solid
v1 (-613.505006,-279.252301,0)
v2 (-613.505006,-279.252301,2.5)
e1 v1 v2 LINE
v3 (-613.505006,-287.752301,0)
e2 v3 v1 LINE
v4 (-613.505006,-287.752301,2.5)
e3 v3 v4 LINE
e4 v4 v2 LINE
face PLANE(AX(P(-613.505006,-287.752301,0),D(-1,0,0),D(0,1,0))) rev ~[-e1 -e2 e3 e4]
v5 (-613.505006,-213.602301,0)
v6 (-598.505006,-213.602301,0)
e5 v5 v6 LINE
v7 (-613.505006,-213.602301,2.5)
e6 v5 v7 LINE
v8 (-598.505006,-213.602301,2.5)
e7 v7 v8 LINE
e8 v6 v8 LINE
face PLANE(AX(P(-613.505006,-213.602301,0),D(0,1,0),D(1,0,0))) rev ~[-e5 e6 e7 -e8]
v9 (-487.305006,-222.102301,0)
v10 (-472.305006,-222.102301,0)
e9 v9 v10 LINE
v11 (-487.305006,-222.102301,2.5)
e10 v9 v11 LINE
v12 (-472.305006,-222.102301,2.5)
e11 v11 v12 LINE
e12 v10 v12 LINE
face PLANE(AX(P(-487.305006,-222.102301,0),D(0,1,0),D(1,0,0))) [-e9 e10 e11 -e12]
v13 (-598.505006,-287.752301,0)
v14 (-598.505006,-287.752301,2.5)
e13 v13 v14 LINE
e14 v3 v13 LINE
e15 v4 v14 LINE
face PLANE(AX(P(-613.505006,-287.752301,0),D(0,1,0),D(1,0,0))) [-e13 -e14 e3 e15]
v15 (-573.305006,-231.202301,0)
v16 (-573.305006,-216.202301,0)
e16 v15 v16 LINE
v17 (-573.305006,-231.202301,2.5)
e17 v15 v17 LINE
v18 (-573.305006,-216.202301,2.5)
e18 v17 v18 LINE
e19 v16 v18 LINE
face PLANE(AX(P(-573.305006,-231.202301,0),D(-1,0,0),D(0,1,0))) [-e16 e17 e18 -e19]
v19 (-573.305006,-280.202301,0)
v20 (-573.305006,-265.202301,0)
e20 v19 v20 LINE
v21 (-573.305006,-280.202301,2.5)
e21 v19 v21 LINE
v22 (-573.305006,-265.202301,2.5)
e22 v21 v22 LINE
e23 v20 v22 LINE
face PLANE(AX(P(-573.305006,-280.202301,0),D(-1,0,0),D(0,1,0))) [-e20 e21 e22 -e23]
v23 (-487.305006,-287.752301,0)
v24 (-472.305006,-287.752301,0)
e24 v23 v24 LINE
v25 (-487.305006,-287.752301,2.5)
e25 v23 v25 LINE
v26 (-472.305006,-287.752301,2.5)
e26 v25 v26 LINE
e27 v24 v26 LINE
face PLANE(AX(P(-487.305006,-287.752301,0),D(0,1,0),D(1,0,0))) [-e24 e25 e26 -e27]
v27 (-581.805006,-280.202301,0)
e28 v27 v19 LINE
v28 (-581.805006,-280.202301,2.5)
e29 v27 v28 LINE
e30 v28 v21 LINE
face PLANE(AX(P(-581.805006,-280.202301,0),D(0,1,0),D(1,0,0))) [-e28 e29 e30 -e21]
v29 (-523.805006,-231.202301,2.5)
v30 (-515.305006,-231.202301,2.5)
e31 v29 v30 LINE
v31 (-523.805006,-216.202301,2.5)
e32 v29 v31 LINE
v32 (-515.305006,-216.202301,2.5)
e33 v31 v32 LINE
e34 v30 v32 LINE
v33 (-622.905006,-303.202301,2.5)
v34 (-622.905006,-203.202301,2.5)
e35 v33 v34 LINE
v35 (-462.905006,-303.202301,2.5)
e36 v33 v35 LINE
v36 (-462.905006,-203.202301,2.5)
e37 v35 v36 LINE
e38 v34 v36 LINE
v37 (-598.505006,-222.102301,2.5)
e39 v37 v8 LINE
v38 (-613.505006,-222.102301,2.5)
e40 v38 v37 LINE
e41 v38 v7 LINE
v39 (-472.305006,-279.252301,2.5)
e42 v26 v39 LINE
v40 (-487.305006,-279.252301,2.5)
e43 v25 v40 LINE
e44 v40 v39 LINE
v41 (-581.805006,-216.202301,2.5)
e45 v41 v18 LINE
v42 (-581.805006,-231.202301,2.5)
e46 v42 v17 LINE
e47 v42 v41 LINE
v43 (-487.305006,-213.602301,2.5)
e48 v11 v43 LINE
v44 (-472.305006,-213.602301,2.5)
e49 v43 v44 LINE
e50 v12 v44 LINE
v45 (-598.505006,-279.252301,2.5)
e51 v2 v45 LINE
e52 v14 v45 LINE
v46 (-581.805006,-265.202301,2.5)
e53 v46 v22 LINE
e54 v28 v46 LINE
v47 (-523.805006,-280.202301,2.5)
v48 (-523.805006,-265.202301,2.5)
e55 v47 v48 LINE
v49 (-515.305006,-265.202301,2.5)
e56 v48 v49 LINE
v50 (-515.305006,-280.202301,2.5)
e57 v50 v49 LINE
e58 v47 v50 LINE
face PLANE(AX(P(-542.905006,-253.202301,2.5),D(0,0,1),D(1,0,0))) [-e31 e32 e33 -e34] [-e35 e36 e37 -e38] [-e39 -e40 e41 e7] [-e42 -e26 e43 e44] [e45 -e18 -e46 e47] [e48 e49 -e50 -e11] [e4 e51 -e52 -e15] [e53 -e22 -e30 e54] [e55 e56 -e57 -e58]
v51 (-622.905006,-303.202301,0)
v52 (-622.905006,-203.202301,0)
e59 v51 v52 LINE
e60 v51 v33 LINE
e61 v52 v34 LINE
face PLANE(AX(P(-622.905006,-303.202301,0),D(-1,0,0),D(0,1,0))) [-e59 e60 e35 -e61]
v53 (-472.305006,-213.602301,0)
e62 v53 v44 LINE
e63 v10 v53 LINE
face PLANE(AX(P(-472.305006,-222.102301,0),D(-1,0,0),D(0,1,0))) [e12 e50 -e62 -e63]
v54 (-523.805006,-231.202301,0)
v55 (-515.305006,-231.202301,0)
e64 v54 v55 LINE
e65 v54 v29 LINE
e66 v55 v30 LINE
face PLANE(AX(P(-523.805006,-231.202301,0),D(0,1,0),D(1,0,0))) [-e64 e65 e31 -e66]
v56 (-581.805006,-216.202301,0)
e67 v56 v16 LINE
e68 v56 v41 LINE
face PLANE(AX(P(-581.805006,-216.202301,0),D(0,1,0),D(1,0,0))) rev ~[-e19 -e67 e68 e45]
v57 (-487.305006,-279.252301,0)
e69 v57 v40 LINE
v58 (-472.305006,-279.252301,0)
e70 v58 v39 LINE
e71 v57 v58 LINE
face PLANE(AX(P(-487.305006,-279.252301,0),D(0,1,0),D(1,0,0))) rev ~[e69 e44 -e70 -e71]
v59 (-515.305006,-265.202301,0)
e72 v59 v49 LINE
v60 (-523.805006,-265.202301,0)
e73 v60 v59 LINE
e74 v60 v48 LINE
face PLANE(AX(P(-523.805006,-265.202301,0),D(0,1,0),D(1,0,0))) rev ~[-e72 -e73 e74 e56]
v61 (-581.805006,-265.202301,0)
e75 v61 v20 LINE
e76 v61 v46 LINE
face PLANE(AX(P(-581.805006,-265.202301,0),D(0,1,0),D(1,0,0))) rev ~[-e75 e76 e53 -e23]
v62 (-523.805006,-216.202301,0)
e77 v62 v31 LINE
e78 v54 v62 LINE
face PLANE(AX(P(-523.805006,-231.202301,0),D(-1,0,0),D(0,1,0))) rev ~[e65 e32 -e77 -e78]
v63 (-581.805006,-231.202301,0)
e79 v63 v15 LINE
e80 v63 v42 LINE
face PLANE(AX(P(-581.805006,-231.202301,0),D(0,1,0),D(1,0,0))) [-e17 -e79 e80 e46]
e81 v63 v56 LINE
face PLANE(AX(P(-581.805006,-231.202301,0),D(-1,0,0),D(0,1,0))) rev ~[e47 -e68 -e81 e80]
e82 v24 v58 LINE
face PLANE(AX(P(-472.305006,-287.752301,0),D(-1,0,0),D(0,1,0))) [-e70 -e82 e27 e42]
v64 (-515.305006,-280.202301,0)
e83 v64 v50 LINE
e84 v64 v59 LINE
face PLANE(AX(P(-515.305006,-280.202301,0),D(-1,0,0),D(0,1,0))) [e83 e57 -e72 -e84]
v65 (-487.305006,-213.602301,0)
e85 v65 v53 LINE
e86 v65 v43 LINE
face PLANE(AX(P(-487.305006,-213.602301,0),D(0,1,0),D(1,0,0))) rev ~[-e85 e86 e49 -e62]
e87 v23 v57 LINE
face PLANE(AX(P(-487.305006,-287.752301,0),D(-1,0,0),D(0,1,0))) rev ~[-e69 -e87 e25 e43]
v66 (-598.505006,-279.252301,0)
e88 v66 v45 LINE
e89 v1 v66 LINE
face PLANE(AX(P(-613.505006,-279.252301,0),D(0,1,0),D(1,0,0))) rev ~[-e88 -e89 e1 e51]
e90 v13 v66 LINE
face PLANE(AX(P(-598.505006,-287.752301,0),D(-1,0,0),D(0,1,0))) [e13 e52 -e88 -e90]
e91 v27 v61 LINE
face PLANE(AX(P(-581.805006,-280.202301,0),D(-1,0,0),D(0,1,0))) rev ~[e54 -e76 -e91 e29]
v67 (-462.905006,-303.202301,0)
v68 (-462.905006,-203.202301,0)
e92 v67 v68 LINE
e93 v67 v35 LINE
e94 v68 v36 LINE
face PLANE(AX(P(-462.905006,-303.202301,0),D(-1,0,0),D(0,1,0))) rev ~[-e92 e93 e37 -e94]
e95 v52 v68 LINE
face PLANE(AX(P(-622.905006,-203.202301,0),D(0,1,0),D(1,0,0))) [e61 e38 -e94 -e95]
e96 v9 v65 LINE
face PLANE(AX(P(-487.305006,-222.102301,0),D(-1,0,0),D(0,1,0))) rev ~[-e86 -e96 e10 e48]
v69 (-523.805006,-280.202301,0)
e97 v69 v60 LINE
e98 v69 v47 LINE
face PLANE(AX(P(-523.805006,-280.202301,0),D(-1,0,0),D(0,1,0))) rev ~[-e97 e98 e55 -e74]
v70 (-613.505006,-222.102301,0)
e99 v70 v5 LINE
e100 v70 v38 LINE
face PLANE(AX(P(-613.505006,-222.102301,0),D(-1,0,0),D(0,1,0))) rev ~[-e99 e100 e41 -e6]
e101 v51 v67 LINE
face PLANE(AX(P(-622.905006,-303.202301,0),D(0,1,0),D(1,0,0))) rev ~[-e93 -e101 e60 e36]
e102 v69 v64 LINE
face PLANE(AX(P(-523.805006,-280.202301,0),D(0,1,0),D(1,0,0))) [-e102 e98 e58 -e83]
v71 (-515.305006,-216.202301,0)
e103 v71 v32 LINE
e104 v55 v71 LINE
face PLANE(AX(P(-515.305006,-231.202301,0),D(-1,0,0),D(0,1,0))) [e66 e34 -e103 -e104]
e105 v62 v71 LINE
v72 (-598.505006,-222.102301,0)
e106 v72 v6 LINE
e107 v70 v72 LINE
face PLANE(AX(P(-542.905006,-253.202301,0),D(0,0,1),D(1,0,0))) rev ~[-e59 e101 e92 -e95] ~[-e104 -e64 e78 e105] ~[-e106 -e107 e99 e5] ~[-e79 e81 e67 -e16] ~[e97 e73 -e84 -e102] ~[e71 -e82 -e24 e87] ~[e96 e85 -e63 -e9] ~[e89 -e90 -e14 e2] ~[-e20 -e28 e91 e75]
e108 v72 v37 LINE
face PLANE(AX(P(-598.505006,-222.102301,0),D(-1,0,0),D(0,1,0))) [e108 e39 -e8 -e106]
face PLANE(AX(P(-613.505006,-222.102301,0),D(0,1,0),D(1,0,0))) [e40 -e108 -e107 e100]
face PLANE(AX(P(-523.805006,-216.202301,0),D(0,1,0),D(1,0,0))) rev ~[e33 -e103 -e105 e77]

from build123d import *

# Parameters (mm, degrees)
F0_W     = 160
F0_H     = 100
F0_W_2   = 15
F0_H_2   = 8.5
F0_W_3   = 8.5
F0_H_3   = 15
F1_DEPTH = 2.5


with BuildPart() as f1:
    # F0 (on Top) → F1 (new body)
    with BuildSketch(Plane.XY):
        with Locations((-542.905006, -253.202301)):
            Rectangle(F0_W, F0_H)
        with Locations((-606.005006, -283.502301)):
            Rectangle(F0_W_2, F0_H_2, mode=Mode.SUBTRACT)
        with Locations((-577.555006, -272.702301)):
            Rectangle(F0_W_3, F0_H_3, mode=Mode.SUBTRACT)
        with Locations((-479.805006, -283.502301)):
            Rectangle(F0_W_2, F0_H_2, mode=Mode.SUBTRACT)
        with Locations((-519.555006, -272.702301)):
            Rectangle(F0_W_3, F0_H_3, mode=Mode.SUBTRACT)
        with Locations((-606.005006, -217.852301)):
            Rectangle(F0_W_2, F0_H_2, mode=Mode.SUBTRACT)
        with Locations((-577.555006, -223.702301)):
            Rectangle(F0_W_3, F0_H_3, mode=Mode.SUBTRACT)
        with Locations((-519.555006, -223.702301)):
            Rectangle(F0_W_3, F0_H_3, mode=Mode.SUBTRACT)
        with Locations((-479.805006, -217.852301)):
            Rectangle(F0_W_2, F0_H_2, mode=Mode.SUBTRACT)
    extrude(amount=F1_DEPTH)


solid = f1.part
